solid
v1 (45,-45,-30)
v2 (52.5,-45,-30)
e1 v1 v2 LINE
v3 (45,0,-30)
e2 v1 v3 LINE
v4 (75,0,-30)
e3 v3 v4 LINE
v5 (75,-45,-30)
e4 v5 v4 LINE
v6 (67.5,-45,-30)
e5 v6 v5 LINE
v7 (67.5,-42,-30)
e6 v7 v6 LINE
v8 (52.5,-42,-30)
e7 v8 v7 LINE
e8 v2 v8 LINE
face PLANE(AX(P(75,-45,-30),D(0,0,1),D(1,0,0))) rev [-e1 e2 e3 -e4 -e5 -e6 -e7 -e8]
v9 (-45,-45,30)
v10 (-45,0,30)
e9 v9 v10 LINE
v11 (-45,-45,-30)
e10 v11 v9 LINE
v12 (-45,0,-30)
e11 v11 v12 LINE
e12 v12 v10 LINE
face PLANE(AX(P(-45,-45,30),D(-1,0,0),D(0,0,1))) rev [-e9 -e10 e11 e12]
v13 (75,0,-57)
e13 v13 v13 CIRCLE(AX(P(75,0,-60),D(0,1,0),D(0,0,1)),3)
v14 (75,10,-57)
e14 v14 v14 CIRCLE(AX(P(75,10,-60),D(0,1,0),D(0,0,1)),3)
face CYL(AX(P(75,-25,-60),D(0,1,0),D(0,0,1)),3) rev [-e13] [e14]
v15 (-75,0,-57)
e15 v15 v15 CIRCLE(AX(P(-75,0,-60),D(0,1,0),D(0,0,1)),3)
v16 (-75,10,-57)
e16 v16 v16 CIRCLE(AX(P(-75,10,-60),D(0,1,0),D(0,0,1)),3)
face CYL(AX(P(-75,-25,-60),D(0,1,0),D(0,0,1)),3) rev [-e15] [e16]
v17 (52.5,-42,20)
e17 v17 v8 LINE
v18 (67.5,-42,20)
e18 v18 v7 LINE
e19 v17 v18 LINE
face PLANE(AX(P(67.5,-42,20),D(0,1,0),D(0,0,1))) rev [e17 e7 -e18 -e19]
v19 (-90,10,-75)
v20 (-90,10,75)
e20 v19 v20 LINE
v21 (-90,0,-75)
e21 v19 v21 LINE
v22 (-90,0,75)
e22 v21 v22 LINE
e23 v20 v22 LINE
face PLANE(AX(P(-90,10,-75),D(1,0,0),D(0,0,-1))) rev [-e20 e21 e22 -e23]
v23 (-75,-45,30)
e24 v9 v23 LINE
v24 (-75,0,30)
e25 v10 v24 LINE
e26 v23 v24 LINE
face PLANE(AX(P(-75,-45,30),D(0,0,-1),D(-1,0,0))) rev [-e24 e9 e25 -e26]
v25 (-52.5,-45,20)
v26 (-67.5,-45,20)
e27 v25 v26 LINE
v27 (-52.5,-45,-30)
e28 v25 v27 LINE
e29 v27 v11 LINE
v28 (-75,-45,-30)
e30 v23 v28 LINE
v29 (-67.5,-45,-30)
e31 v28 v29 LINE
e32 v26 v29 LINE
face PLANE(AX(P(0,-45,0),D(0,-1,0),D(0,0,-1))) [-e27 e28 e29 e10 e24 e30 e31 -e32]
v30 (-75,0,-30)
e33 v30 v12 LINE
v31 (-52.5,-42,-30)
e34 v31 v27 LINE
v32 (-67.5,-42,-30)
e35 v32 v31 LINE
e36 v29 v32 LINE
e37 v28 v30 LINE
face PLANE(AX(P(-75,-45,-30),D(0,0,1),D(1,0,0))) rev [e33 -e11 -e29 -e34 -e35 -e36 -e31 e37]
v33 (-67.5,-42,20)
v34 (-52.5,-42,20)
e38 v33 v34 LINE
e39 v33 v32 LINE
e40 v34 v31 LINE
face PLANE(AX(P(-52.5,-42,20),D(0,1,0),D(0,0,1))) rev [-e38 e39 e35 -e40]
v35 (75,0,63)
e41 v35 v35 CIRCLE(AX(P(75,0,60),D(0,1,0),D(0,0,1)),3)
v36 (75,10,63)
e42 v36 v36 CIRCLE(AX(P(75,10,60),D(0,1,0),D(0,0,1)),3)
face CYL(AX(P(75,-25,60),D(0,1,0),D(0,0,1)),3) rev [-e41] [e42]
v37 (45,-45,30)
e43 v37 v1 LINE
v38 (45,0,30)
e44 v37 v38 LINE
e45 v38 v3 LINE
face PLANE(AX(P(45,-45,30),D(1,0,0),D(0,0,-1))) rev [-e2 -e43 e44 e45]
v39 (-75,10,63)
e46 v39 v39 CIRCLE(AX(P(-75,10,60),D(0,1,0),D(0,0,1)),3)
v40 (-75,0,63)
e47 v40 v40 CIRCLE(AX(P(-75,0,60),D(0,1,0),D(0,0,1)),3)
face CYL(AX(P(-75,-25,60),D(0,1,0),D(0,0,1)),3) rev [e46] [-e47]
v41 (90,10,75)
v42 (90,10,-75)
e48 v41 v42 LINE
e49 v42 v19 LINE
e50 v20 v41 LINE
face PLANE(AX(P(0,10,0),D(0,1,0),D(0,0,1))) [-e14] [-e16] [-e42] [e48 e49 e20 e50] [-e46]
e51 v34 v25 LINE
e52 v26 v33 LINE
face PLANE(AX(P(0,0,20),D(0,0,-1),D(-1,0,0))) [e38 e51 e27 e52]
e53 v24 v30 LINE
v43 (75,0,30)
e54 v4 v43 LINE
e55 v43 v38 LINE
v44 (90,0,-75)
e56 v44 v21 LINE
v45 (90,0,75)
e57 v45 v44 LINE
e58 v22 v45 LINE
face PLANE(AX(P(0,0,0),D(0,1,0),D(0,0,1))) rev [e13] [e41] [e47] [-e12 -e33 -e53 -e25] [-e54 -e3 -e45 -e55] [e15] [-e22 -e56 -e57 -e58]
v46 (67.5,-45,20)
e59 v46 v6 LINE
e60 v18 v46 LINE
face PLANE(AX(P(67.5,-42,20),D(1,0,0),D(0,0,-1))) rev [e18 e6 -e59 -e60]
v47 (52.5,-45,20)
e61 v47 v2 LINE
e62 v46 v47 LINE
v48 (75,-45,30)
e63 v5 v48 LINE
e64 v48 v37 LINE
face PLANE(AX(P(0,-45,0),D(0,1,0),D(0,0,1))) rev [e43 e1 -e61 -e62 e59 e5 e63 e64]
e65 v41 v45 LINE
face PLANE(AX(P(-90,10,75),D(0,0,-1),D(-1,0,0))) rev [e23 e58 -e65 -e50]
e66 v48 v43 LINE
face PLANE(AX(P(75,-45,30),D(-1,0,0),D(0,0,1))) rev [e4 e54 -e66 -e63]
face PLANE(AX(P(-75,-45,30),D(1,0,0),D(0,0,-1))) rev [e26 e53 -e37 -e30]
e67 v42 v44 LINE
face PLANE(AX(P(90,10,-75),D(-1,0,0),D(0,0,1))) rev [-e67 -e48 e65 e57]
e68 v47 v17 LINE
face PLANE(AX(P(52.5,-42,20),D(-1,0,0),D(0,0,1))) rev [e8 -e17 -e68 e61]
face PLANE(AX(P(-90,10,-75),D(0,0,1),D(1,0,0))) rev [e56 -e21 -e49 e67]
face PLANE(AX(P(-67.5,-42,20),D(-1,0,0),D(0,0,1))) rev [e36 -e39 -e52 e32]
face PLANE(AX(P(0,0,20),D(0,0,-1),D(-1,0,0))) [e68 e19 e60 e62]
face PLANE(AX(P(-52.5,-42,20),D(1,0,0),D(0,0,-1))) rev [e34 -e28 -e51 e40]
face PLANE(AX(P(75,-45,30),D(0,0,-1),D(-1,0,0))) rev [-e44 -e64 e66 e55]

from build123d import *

# Parameters (mm, degrees)
IZIM1_W                     = 180
IZIM1_H                     = 150
Y_KSEKLIK_EKSTR_ZYON1_DEPTH = 10
IZIM2_R                     = 3
KES_EKSTR_ZYON1_DEPTH       = 35
IZIM3_W                     = 30
IZIM3_H                     = 60
Y_KSEKLIK_EKSTR_ZYON2_DEPTH = 45
IZIM5_W                     = 15
IZIM5_H                     = 3
KES_EKSTR_ZYON2_DEPTH       = 50
IZIM7_W                     = 15
IZIM7_H                     = 3
KES_EKSTR_ZYON3_DEPTH       = 50


with BuildPart() as part:
    # Çizim1 → Yükseklik-Ekstrüzyon1 (new body)
    with BuildSketch(Plane(origin=(0, 0, 0), x_dir=(1, 0, 0), z_dir=(0, 1, 0))):
        Rectangle(IZIM1_W, IZIM1_H)
    extrude(amount=Y_KSEKLIK_EKSTR_ZYON1_DEPTH)

    # Çizim2 → Kes-Ekstrüzyon1 (cut)
    with BuildSketch(Plane(origin=(0, 10, 0), x_dir=(1, 0, 0), z_dir=(0, 1, 0))):
        with Locations(Location((-75, 60, 0), (0, 0, 270))):
            Circle(IZIM2_R)
        with Locations(Location((-75, -60, 0), (0, 0, 270))):
            Circle(IZIM2_R)
        with Locations(Location((75, -60, 0), (0, 0, 270))):
            Circle(IZIM2_R)
        with Locations(Location((75, 60, 0), (0, 0, 270))):
            Circle(IZIM2_R)
    extrude(amount=-KES_EKSTR_ZYON1_DEPTH, mode=Mode.SUBTRACT)

    # Çizim3 → Yükseklik-Ekstrüzyon2 (add)
    with BuildSketch(Plane.XZ):
        with Locations((-60, 0)):
            Rectangle(IZIM3_W, IZIM3_H)
        with Locations((60, 0)):
            Rectangle(IZIM3_W, IZIM3_H)
    extrude(amount=Y_KSEKLIK_EKSTR_ZYON2_DEPTH)

    # Çizim5 → Kes-Ekstrüzyon2 (cut)
    with BuildSketch(Plane(origin=(0, 0, -30), x_dir=(-1, 0, 0), z_dir=(0, 0, -1))):
        with Locations((60, -43.5)):
            Rectangle(IZIM5_W, IZIM5_H)
    extrude(amount=-KES_EKSTR_ZYON2_DEPTH, mode=Mode.SUBTRACT)

    # Çizim7 → Kes-Ekstrüzyon3 (cut)
    with BuildSketch(Plane(origin=(0, 0, -30), x_dir=(-1, 0, 0), z_dir=(0, 0, -1))):
        with Locations((-60, -43.5)):
            Rectangle(IZIM7_W, IZIM7_H)
    extrude(amount=-KES_EKSTR_ZYON3_DEPTH, mode=Mode.SUBTRACT)


solid = part.part
